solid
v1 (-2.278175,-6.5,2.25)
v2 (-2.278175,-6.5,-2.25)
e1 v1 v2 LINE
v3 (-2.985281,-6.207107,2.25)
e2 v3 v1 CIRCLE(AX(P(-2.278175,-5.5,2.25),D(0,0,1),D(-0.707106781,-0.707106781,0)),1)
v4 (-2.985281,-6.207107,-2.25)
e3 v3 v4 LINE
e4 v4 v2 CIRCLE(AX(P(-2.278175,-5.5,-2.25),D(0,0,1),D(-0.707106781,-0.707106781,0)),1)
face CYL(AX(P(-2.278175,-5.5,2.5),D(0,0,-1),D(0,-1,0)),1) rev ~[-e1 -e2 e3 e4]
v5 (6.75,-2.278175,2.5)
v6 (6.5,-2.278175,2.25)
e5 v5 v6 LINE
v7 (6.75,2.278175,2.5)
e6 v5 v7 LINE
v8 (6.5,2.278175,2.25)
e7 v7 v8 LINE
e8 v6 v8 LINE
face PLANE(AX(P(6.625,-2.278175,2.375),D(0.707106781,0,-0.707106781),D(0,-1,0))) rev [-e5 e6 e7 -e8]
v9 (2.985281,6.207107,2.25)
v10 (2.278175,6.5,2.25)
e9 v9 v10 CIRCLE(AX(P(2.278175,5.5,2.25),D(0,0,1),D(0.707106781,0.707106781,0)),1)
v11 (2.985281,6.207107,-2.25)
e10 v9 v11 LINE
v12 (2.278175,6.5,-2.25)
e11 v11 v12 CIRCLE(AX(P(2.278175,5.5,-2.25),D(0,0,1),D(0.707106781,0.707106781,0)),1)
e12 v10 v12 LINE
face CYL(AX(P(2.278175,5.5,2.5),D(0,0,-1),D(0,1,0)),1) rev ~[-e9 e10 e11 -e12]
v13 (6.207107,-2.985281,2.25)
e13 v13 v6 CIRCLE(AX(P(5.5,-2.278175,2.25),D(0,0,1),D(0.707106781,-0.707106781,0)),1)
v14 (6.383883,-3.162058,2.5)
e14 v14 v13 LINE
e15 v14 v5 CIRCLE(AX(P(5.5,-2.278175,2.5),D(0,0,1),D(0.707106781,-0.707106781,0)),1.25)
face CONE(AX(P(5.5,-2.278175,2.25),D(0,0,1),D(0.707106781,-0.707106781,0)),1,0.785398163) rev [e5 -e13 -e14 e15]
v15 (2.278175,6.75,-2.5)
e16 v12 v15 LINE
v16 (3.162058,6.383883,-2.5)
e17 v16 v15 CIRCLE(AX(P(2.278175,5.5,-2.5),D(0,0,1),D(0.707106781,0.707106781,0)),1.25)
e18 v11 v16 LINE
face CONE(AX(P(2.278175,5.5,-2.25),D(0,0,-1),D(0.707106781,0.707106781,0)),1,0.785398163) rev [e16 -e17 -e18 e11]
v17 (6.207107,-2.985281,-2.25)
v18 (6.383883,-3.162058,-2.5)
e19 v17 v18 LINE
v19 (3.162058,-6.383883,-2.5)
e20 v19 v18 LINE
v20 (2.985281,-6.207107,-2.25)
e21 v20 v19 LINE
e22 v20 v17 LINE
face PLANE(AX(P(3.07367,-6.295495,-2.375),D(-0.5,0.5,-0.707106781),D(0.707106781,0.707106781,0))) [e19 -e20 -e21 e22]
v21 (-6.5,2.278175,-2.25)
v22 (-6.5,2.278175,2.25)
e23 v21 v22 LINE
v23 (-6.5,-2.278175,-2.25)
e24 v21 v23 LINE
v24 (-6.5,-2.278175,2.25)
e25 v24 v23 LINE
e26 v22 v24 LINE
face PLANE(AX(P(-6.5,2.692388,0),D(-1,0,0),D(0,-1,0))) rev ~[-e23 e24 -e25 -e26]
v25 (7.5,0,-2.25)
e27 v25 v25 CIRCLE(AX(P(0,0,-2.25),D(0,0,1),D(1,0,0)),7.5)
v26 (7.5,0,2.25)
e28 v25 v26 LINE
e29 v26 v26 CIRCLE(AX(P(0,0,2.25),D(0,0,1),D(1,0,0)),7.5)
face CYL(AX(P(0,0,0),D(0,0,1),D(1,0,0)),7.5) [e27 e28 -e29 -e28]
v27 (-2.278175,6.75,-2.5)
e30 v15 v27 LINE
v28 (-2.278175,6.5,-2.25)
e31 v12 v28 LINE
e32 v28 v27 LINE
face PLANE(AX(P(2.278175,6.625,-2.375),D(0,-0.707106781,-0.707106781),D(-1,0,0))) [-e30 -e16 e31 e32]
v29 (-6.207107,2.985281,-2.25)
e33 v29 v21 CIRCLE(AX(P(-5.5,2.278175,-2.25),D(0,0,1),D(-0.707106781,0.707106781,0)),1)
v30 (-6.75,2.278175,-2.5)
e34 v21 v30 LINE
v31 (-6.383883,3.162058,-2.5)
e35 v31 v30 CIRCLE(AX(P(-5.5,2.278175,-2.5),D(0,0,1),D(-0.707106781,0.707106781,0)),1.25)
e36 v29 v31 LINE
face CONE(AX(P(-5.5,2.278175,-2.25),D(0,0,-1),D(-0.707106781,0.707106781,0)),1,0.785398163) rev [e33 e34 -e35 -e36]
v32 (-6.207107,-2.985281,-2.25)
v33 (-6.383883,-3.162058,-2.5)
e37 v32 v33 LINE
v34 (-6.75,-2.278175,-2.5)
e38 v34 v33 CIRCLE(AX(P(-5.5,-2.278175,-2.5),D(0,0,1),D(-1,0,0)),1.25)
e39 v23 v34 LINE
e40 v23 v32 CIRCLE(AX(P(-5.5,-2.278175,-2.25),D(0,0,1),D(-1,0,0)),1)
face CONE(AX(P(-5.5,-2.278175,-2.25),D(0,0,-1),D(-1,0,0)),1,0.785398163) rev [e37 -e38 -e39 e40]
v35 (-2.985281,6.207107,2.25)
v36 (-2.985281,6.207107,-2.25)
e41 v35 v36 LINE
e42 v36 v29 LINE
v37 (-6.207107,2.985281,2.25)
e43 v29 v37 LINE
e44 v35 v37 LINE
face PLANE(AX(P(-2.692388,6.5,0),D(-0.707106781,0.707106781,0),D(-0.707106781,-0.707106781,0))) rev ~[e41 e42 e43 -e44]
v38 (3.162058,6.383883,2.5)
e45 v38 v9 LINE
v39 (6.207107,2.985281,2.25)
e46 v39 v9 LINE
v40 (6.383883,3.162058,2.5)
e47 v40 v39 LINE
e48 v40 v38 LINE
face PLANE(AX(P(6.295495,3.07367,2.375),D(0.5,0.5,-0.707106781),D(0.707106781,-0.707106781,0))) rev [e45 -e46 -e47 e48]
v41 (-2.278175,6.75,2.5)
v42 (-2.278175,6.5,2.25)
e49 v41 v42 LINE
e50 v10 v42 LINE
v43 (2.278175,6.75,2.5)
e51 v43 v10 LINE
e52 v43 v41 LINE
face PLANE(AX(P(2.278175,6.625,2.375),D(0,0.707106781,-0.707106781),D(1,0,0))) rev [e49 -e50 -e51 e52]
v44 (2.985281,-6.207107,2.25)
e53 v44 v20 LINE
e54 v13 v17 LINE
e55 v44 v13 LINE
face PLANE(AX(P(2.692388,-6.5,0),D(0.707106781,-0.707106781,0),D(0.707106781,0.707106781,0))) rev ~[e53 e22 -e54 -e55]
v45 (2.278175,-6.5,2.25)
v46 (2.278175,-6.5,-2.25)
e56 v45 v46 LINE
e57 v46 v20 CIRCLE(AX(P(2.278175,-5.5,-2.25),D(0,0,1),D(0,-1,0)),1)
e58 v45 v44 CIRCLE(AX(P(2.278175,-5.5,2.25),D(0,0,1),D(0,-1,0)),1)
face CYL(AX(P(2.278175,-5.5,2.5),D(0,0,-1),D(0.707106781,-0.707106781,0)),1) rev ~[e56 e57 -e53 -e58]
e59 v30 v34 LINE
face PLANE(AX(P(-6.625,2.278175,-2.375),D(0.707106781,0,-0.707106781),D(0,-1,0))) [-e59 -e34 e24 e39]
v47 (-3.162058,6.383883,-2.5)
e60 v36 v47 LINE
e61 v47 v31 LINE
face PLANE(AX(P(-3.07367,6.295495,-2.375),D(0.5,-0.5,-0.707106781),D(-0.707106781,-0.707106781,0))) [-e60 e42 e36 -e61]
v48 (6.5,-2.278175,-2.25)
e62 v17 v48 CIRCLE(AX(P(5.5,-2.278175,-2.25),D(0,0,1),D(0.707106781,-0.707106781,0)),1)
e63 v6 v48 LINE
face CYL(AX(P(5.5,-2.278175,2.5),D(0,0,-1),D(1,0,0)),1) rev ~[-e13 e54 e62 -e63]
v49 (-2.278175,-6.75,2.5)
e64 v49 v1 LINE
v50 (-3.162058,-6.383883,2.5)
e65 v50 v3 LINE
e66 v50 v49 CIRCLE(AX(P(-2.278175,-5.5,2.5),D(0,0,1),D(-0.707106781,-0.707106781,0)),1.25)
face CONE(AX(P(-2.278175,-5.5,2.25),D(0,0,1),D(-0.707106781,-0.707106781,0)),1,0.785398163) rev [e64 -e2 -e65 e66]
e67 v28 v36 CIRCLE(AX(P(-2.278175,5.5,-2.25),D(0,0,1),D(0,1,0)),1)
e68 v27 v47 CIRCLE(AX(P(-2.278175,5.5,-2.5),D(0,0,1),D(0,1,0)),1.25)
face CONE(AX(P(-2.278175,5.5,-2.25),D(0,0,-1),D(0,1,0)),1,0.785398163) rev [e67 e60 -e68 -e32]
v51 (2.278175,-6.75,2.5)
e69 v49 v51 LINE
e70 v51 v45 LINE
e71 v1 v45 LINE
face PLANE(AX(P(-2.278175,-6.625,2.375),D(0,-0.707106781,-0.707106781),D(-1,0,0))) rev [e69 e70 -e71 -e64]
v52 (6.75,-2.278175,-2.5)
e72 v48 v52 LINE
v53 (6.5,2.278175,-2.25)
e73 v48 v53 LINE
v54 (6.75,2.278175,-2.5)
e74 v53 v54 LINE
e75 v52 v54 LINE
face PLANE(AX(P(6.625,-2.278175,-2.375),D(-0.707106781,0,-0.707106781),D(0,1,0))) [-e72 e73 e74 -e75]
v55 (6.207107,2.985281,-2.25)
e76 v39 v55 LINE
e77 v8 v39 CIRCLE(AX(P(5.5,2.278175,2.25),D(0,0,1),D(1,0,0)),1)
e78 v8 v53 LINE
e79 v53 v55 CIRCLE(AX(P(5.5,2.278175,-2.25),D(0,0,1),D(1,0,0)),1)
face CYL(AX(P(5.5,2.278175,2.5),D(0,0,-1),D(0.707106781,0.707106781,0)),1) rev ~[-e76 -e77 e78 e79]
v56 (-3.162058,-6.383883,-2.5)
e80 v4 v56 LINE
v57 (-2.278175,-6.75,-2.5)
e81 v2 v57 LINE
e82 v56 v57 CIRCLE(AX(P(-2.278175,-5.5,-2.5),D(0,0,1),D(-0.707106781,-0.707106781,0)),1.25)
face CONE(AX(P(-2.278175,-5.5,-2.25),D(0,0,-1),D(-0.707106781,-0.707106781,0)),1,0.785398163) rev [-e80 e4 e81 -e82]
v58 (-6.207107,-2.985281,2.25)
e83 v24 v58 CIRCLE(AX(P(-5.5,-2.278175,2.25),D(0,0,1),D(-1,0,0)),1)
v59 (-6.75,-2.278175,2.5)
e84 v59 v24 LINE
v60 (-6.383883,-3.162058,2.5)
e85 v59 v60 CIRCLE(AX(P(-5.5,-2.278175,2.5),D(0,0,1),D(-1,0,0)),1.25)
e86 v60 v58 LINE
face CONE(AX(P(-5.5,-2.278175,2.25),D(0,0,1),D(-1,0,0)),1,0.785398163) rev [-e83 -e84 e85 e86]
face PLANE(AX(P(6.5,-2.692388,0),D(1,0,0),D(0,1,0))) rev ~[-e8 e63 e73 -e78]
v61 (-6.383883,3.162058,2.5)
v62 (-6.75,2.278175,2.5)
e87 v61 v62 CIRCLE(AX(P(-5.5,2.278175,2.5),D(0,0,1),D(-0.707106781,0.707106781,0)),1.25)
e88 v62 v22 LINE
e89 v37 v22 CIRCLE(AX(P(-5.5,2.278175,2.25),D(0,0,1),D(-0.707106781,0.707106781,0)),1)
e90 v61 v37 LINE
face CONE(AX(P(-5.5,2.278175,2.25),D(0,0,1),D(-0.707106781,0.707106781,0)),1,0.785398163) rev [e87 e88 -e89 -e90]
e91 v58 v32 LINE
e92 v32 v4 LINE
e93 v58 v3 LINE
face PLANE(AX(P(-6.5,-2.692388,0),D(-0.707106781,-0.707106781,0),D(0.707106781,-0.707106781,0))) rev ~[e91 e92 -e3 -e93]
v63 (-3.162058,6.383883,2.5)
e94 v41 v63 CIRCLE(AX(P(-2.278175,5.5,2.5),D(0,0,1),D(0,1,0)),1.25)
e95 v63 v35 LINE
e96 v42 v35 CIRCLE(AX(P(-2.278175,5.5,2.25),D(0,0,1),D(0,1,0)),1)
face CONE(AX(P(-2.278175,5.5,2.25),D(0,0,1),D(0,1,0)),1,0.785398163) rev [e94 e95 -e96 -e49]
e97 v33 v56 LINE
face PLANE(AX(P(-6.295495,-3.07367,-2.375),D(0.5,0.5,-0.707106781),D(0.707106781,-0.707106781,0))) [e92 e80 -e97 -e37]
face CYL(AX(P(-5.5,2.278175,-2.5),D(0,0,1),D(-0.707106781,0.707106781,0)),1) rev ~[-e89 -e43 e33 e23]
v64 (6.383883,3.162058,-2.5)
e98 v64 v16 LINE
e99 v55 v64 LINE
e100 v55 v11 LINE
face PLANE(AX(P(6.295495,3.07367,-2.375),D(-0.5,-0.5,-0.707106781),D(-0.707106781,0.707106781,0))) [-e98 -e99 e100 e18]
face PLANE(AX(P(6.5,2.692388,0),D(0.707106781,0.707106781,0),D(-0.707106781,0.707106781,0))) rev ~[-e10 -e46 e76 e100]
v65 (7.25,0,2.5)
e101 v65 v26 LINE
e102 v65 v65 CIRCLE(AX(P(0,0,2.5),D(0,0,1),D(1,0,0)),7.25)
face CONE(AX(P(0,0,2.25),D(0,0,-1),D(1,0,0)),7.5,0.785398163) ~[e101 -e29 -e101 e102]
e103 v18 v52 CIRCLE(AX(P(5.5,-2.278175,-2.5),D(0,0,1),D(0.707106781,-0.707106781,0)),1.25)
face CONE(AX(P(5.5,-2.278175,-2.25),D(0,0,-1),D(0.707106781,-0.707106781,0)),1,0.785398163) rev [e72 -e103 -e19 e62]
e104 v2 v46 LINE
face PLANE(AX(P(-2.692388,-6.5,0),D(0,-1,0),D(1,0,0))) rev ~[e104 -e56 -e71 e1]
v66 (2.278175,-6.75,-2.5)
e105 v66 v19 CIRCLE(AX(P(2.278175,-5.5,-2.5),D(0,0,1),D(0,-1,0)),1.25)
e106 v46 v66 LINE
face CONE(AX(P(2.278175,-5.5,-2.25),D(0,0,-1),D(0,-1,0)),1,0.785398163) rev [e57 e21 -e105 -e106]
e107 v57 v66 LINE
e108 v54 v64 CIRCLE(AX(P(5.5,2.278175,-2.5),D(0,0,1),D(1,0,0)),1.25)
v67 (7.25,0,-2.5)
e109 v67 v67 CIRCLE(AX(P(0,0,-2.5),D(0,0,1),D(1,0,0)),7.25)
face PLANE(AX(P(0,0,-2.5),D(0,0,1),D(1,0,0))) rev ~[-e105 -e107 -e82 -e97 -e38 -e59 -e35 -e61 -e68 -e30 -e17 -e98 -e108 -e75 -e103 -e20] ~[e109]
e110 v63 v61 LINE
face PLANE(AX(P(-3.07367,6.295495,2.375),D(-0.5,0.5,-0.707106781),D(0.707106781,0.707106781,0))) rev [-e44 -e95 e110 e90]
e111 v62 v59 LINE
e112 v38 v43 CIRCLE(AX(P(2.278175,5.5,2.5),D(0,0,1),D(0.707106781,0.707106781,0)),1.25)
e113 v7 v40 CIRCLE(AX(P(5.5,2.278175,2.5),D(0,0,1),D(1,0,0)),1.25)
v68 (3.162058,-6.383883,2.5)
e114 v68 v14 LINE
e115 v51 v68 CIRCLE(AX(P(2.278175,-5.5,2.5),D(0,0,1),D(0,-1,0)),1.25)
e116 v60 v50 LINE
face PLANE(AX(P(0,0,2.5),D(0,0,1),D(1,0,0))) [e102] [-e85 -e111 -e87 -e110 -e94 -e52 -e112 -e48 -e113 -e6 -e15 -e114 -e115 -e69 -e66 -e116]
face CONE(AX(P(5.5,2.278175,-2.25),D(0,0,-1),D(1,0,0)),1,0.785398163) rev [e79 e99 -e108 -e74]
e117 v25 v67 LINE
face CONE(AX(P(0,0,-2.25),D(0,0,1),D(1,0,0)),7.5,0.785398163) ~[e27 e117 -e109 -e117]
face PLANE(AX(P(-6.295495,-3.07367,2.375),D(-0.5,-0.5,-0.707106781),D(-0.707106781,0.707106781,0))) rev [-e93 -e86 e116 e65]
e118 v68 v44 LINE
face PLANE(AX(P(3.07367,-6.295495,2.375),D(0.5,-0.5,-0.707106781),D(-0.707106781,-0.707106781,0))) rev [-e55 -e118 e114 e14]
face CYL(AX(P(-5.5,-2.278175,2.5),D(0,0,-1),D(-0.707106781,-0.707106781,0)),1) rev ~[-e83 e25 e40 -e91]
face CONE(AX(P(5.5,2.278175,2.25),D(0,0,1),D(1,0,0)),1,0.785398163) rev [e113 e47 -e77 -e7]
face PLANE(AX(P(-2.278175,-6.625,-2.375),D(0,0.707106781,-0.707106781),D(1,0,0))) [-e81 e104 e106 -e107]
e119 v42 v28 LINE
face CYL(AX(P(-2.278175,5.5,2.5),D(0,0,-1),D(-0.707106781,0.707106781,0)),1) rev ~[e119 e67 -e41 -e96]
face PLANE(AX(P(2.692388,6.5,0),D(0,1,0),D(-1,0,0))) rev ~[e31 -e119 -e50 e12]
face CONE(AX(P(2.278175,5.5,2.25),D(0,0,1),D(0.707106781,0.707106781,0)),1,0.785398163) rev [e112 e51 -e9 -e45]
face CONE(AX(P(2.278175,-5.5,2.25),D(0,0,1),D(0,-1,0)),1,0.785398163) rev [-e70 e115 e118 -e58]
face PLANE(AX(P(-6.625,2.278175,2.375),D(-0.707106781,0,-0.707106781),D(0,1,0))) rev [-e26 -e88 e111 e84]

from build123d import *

# Parameters (mm, degrees)
SKETCH1_R           = 7.5
BOSS_EXTRUDE1_DEPTH = 2.5
FILLET1_R           = 1
CHAMFER1_SIZE       = 0.25


with BuildPart() as part:
    # Sketch1 → Boss-Extrude1 (new, symmetric)
    with BuildSketch(Plane.XY):
        Circle(SKETCH1_R)
        Polygon((-6.5, 2.692388155), (-6.5, -2.692388155), (-2.692388155, -6.5), (2.692388155, -6.5), (6.5, -2.692388155), (6.5, 2.692388155), (2.692388155, 6.5), (-2.692388155, 6.5), align=None, mode=Mode.SUBTRACT)
    extrude(amount=BOSS_EXTRUDE1_DEPTH, both=True)

    # Fillet1
    fillet1_edges = [part.edges().sort_by_distance(p)[0] for p in [
        (-6.5, -2.692388155, 0),
        (-6.5, 2.692388155, 0),
        (-2.692388155, -6.5, 0),
        (2.692388155, -6.5, 0),
        (6.5, -2.692388155, 0),
        (6.5, 2.692388155, 0),
        (2.692388155, 6.5, 0),
        (-2.692388155, 6.5, 0),
    ]]
    fillet(fillet1_edges, radius=FILLET1_R)

    # Chamfer1
    chamfer1_edges = [part.edges().sort_by_distance(p)[0] for p in [
        (-4.596194078, 4.596194078, 2.5),
        (-2.660858025, 6.423879533, 2.5),
        (-6.423879533, 2.660858025, 2.5),
        (0, 6.5, 2.5),
        (-6.5, 0, 2.5),
        (2.660858025, 6.423879533, 2.5),
        (-6.423879533, -2.660858025, 2.5),
        (4.596194078, 4.596194078, 2.5),
        (-4.596194078, -4.596194078, 2.5),
        (6.423879533, 2.660858025, 2.5),
        (-2.660858025, -6.423879533, 2.5),
        (6.5, 0, 2.5),
        (0, -6.5, 2.5),
        (6.423879533, -2.660858025, 2.5),
        (2.660858025, -6.423879533, 2.5),
        (4.596194078, -4.596194078, 2.5),
        (-7.5, 0, 2.5),
        (-4.596194078, 4.596194078, -2.5),
        (-2.660858025, 6.423879533, -2.5),
        (-6.423879533, 2.660858025, -2.5),
        (0, 6.5, -2.5),
        (-6.5, 0, -2.5),
        (2.660858025, 6.423879533, -2.5),
        (-6.423879533, -2.660858025, -2.5),
        (4.596194078, 4.596194078, -2.5),
        (-4.596194078, -4.596194078, -2.5),
        (6.423879533, 2.660858025, -2.5),
        (-2.660858025, -6.423879533, -2.5),
        (6.5, 0, -2.5),
        (0, -6.5, -2.5),
        (6.423879533, -2.660858025, -2.5),
        (2.660858025, -6.423879533, -2.5),
        (4.596194078, -4.596194078, -2.5),
        (-7.5, 0, -2.5),
    ]]
    chamfer(chamfer1_edges, length=CHAMFER1_SIZE)


solid = part.part
